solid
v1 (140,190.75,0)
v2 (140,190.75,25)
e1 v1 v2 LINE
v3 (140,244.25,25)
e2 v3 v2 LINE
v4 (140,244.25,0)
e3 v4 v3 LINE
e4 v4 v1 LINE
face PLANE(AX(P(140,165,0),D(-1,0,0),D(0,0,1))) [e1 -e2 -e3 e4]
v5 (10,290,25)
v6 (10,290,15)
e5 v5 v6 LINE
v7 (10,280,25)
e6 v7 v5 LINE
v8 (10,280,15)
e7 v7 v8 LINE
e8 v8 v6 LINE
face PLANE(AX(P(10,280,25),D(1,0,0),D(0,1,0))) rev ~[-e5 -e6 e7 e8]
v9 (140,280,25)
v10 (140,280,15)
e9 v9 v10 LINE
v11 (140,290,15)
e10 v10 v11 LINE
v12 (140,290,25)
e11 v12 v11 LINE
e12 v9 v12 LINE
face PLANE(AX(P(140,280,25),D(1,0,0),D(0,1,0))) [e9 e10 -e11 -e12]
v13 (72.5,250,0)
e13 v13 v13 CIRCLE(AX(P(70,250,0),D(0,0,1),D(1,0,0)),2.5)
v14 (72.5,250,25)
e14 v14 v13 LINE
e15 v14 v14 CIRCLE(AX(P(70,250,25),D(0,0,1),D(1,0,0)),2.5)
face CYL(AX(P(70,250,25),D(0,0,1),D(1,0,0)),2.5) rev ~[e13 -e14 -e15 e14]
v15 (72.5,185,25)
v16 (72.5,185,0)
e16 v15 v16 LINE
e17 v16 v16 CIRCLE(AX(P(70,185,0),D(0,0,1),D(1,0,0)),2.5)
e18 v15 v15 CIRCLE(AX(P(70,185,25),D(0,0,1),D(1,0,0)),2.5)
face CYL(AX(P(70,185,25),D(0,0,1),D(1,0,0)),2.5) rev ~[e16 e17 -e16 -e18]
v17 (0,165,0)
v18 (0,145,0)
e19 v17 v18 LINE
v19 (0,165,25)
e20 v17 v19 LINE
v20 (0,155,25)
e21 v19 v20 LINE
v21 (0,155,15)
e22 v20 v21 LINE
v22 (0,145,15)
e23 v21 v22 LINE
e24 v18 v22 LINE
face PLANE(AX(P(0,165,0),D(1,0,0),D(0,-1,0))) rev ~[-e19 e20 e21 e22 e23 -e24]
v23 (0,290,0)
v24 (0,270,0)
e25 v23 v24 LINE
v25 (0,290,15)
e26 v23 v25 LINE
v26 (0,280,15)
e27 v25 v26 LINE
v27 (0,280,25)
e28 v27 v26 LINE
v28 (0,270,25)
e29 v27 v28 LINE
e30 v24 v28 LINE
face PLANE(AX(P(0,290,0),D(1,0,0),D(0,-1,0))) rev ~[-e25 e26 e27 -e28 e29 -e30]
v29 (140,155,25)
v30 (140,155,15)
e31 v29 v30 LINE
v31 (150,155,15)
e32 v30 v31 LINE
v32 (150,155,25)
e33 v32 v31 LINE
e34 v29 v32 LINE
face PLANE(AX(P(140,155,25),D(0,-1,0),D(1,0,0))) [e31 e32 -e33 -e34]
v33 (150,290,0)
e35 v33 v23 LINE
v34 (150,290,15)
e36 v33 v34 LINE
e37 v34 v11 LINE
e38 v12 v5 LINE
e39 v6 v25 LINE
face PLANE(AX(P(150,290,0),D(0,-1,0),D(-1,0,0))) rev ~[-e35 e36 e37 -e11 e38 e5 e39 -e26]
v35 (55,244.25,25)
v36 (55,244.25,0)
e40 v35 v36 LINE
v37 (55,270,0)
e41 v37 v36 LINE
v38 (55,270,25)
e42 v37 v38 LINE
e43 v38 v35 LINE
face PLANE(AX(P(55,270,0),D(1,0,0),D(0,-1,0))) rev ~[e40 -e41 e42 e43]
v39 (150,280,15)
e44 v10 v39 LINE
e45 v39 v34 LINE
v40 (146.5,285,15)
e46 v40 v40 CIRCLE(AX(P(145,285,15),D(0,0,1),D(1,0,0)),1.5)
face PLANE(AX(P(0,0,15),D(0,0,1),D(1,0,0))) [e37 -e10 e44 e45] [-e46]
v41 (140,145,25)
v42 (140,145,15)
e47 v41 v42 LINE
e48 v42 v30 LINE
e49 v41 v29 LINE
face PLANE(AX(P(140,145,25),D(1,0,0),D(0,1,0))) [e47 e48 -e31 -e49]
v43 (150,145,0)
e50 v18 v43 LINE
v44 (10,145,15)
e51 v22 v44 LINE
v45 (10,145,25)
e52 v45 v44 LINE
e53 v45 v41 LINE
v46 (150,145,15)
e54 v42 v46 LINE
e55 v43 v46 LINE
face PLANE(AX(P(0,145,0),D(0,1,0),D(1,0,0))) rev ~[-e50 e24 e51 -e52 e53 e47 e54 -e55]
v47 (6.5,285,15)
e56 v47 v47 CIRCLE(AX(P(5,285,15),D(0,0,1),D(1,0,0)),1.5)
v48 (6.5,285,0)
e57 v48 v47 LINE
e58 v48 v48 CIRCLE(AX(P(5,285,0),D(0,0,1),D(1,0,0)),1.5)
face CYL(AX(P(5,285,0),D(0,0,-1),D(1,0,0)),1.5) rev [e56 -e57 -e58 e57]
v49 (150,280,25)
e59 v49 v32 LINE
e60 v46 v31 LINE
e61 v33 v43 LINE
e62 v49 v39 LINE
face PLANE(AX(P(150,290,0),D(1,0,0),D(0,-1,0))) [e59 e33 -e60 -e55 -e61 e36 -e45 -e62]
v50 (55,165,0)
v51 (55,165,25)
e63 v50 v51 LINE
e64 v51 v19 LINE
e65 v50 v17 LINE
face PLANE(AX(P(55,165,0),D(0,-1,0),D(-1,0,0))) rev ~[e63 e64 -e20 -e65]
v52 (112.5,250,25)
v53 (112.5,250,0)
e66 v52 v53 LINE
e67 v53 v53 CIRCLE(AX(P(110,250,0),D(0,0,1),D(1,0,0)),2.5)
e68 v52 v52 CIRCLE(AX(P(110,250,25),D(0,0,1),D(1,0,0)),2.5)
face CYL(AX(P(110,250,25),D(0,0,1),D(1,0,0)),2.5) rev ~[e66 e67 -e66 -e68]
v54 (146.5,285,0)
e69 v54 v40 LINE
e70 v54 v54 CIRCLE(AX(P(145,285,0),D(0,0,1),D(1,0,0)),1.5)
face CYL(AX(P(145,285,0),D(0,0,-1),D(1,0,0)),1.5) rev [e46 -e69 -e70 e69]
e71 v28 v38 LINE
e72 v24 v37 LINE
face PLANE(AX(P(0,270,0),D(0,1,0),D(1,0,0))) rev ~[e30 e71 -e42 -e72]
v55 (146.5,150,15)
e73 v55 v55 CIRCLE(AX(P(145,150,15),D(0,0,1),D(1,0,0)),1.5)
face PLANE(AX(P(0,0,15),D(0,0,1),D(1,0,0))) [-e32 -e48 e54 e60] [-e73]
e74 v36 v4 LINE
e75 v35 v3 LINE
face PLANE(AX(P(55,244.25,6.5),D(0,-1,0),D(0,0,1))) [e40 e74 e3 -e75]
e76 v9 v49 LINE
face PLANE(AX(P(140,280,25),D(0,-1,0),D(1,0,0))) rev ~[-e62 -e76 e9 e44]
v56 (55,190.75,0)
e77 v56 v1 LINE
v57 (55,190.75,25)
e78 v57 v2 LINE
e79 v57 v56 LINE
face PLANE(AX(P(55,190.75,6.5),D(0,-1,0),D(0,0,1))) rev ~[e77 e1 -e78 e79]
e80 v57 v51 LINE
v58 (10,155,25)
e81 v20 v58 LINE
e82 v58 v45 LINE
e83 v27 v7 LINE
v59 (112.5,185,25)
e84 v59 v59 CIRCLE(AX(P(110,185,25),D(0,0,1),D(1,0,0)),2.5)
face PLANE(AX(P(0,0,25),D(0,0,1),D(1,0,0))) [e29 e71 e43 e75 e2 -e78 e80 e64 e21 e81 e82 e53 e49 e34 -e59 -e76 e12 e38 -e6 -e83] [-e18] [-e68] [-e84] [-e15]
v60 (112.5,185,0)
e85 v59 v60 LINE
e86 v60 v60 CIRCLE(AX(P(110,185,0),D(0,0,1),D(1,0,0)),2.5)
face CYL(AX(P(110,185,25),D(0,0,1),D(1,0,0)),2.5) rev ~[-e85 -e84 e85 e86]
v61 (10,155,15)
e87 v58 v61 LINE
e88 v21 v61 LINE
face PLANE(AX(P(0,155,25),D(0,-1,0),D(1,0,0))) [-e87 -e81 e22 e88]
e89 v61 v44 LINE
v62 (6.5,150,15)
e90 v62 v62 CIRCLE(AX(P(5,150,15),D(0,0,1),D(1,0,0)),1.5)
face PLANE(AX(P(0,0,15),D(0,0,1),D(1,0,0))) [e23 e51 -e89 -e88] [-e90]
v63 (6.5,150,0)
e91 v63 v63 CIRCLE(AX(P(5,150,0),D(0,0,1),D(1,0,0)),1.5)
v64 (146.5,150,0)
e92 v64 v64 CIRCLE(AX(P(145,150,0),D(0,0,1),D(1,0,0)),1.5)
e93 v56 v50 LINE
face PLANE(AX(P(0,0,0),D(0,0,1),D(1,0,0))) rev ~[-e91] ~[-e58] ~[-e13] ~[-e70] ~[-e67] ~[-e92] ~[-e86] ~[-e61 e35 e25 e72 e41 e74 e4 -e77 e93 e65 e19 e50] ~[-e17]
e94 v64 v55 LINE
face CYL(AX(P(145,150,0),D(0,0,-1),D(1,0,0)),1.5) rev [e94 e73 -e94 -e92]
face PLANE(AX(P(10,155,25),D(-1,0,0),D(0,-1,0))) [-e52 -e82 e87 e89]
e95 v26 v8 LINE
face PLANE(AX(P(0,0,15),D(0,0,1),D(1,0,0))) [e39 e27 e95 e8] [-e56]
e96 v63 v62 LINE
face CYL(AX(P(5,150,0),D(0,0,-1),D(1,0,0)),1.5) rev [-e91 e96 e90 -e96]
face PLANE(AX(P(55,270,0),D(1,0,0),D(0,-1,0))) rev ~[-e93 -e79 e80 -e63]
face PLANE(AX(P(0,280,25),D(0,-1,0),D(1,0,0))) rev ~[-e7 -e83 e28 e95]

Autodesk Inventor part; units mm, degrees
ref_plane "YZ Plane" through (0, 0, 0) normal (1, 0, 0) x (0, 1, 0)
ref_plane "XZ Plane" through (0, 0, 0) normal (0, 1, 0) x (-1, 0, 0)
ref_plane "XY Plane" through (0, 0, 0) normal (0, 0, 1) x (1, 0, 0)
sketch "스케치1" plane through (0, 0, 0) normal (0, 0, 1) x (1, 0, 0)
  line L0 (0, 0) -> (300, 0)
  line L1 (300, 0) -> (300, 290)
  line L2 (300, 290) -> (0, 290)
  line L3 (0, 290) -> (0, 0)
  line L4 (300, 270) -> (245, 270)
  line L5 (245, 270) -> (245, 165)
  line L6 (245, 165) -> (300, 165)
  line L7 (300, 165) -> (300, 270)
  line L8 (150, 290) -> (150, 145)
  line L9 (0, 270) -> (55, 270)
  line L10 (55, 270) -> (55, 165)
  line L11 (55, 165) -> (0, 165)
  line L12 (300, 145) -> (150, 145)
  line L13 (300, 20) -> (245, 20)
  line L14 (245, 20) -> (245, 125)
  line L15 (245, 125) -> (300, 125)
  line L16 (55, 125) -> (0, 125)
  line L17 (55, 20) -> (55, 125)
  line L18 (0, 20) -> (55, 20)
  line L19 (0, 145) -> (150, 145)
  circle A0 centre (5, 150) radius 1.5
  circle A1 centre (145, 150) radius 1.5
  circle A2 centre (5, 285) radius 1.5
  circle A3 centre (145, 285) radius 1.5
  point P0 (300, 165)
  point P1 (0, 165)
  dimension "d0" = 290
  dimension "d1" = 300
  dimension "d12" = 105
  dimension "d13" = 55
  dimension "d14" = 20
  dimension "d18" = 5
  dimension "d19" = 3
  dimension "d20" = 5
  dimension "d21" = 5
  dimension "d22" = 5
extrude "돌출1" add sketch "스케치1" along normal blind 25 contours L3 L11 L10 L9 L2 L8 L19
sketch "스케치3" plane through (0, 0, 25) normal (0, 0, 1) x (1, 0, 0)
  line L0 (55, 165) -> (0, 165) projected
  line L1 (0, 165) -> (0, 145) projected
  line L2 (0, 145) -> (150, 145) projected
  line L3 (150, 145) -> (150, 290) projected
  line L4 (150, 290) -> (0, 290) projected
  line L5 (0, 290) -> (0, 270) projected
  line L6 (0, 270) -> (55, 270) projected
  line L7 (55, 270) -> (55, 165) projected
  circle A0 centre (145, 285) radius 1.5 projected
  circle A1 centre (5, 285) radius 1.5 projected
  circle A2 centre (145, 150) radius 1.5 projected
  circle A3 centre (5, 150) radius 1.5 projected
  line L8 (140, 145) -> (140, 290)
  line L9 (140, 155) -> (150, 155)
  line L10 (140, 280) -> (150, 280)
  line L11 (0, 155) -> (10, 155)
  line L12 (10, 155) -> (10, 145)
  line L13 (0, 280) -> (10, 280)
  line L14 (10, 280) -> (10, 290)
  point P0 (0, 0)
  dimension "d23" = 10
  dimension "d24" = 10
  dimension "d25" = 10
extrude "돌출3" cut sketch "스케치3" against normal blind 10 contours L11 L12 L2 L1 | L5 L4 L14 L13 | L8 L9 L3 L2 | L4 L3 L10 L8
sketch "스케치4" plane through (55, 165, 0) normal (-1, 0, 0) x (0, 0, 1)
  line L0 (22, 11) -> (22, 94)
  line L1 (22, 94) -> (0, 94)
  line L2 (0, 105) -> (0, 0) projected
  line L3 (0, 0) -> (25, 0) projected
  line L4 (25, 105) -> (25, 0) projected
  line L5 (0, 105) -> (25, 105) projected
  line L6 (22, 11) -> (0, 11)
  circle A0 centre (14.25, 17) radius 2.5
  circle A1 centre (14.25, 88) radius 2.5
  line L7 (0, 25.75) -> (0, 79.25)
  line L8 (0, 25.75) -> (25, 25.75)
  line L9 (0, 79.25) -> (25, 79.25)
  line L10 (6.5, 11) -> (6.5, 94)
  point P0 (0, -165)
  point P1 (22, 52.5)
  point P2 (25, 52.5)
  point P3 (0, 52.5)
  point P4 (6.5, 79.25)
  point P5 (22, 79.25)
  point P6 (6.5, 25.75)
  point P7 (22, 25.75)
  dimension "d28" = 83
  dimension "d30" = 5
  dimension "d31" = 5
  dimension "d33" = 6
  dimension "d34" = 6
  dimension "d35" = 53.5
  dimension "d36" = 15.5
  dimension "d37" = 7.75
  dimension "d39" = 3
extrude "돌출5" cut sketch "스케치4" against normal blind 85 contours L8 L10 L9 L0 | L0 L9 L4 L8 | L8 L2 L9 L10
sketch "스케치5" plane through (0, 0, 25) normal (0, 0, 1) x (1, 0, 0)
  line L0 (55, 244.25) -> (140, 244.25) projected
  line L1 (140, 244.25) -> (140, 190.75) projected
  line L2 (140, 190.75) -> (55, 190.75) projected
  line L3 (55, 190.75) -> (55, 165) projected
  line L4 (55, 165) -> (0, 165) projected
  line L5 (0, 165) -> (0, 155) projected
  line L6 (0, 155) -> (10, 155) projected
  line L7 (10, 155) -> (10, 145) projected
  line L8 (10, 145) -> (140, 145) projected
  line L9 (140, 145) -> (140, 155) projected
  line L10 (140, 155) -> (150, 155) projected
  line L11 (150, 155) -> (150, 280) projected
  line L12 (150, 280) -> (140, 280) projected
  line L13 (140, 280) -> (140, 290) projected
  line L14 (140, 290) -> (10, 290) projected
  line L15 (10, 290) -> (10, 280) projected
  line L16 (10, 280) -> (0, 280) projected
  line L17 (0, 280) -> (0, 270) projected
  line L18 (0, 270) -> (55, 270) projected
  line L19 (55, 270) -> (55, 244.25) projected
  circle A0 centre (70, 185) radius 2.5
  circle A1 centre (70, 250) radius 2.5
  circle A2 centre (110, 185) radius 2.5
  circle A3 centre (110, 250) radius 2.5
  point P0 (0, 0)
  point P1 (140, 217.5)
  dimension "d47" = 15
  dimension "d48" = 65
  dimension "d49" = 32.5
  dimension "d50" = 5
  dimension "d51" = 65
  dimension "d52" = 5
  dimension "d53" = 40
extrude "돌출7" cut sketch "스케치5" against normal through all contours A0 | A1 | A2 | A3
equation "\"d20\" = d18"
equation "\"d21\" = d20"
equation "\"d22\" = d21"
equation "\"d37\" = 0.5 * d36"
equation "\"d49\" = 0.5 * d48"
properties part number "RobotBase_3D 인쇄"
